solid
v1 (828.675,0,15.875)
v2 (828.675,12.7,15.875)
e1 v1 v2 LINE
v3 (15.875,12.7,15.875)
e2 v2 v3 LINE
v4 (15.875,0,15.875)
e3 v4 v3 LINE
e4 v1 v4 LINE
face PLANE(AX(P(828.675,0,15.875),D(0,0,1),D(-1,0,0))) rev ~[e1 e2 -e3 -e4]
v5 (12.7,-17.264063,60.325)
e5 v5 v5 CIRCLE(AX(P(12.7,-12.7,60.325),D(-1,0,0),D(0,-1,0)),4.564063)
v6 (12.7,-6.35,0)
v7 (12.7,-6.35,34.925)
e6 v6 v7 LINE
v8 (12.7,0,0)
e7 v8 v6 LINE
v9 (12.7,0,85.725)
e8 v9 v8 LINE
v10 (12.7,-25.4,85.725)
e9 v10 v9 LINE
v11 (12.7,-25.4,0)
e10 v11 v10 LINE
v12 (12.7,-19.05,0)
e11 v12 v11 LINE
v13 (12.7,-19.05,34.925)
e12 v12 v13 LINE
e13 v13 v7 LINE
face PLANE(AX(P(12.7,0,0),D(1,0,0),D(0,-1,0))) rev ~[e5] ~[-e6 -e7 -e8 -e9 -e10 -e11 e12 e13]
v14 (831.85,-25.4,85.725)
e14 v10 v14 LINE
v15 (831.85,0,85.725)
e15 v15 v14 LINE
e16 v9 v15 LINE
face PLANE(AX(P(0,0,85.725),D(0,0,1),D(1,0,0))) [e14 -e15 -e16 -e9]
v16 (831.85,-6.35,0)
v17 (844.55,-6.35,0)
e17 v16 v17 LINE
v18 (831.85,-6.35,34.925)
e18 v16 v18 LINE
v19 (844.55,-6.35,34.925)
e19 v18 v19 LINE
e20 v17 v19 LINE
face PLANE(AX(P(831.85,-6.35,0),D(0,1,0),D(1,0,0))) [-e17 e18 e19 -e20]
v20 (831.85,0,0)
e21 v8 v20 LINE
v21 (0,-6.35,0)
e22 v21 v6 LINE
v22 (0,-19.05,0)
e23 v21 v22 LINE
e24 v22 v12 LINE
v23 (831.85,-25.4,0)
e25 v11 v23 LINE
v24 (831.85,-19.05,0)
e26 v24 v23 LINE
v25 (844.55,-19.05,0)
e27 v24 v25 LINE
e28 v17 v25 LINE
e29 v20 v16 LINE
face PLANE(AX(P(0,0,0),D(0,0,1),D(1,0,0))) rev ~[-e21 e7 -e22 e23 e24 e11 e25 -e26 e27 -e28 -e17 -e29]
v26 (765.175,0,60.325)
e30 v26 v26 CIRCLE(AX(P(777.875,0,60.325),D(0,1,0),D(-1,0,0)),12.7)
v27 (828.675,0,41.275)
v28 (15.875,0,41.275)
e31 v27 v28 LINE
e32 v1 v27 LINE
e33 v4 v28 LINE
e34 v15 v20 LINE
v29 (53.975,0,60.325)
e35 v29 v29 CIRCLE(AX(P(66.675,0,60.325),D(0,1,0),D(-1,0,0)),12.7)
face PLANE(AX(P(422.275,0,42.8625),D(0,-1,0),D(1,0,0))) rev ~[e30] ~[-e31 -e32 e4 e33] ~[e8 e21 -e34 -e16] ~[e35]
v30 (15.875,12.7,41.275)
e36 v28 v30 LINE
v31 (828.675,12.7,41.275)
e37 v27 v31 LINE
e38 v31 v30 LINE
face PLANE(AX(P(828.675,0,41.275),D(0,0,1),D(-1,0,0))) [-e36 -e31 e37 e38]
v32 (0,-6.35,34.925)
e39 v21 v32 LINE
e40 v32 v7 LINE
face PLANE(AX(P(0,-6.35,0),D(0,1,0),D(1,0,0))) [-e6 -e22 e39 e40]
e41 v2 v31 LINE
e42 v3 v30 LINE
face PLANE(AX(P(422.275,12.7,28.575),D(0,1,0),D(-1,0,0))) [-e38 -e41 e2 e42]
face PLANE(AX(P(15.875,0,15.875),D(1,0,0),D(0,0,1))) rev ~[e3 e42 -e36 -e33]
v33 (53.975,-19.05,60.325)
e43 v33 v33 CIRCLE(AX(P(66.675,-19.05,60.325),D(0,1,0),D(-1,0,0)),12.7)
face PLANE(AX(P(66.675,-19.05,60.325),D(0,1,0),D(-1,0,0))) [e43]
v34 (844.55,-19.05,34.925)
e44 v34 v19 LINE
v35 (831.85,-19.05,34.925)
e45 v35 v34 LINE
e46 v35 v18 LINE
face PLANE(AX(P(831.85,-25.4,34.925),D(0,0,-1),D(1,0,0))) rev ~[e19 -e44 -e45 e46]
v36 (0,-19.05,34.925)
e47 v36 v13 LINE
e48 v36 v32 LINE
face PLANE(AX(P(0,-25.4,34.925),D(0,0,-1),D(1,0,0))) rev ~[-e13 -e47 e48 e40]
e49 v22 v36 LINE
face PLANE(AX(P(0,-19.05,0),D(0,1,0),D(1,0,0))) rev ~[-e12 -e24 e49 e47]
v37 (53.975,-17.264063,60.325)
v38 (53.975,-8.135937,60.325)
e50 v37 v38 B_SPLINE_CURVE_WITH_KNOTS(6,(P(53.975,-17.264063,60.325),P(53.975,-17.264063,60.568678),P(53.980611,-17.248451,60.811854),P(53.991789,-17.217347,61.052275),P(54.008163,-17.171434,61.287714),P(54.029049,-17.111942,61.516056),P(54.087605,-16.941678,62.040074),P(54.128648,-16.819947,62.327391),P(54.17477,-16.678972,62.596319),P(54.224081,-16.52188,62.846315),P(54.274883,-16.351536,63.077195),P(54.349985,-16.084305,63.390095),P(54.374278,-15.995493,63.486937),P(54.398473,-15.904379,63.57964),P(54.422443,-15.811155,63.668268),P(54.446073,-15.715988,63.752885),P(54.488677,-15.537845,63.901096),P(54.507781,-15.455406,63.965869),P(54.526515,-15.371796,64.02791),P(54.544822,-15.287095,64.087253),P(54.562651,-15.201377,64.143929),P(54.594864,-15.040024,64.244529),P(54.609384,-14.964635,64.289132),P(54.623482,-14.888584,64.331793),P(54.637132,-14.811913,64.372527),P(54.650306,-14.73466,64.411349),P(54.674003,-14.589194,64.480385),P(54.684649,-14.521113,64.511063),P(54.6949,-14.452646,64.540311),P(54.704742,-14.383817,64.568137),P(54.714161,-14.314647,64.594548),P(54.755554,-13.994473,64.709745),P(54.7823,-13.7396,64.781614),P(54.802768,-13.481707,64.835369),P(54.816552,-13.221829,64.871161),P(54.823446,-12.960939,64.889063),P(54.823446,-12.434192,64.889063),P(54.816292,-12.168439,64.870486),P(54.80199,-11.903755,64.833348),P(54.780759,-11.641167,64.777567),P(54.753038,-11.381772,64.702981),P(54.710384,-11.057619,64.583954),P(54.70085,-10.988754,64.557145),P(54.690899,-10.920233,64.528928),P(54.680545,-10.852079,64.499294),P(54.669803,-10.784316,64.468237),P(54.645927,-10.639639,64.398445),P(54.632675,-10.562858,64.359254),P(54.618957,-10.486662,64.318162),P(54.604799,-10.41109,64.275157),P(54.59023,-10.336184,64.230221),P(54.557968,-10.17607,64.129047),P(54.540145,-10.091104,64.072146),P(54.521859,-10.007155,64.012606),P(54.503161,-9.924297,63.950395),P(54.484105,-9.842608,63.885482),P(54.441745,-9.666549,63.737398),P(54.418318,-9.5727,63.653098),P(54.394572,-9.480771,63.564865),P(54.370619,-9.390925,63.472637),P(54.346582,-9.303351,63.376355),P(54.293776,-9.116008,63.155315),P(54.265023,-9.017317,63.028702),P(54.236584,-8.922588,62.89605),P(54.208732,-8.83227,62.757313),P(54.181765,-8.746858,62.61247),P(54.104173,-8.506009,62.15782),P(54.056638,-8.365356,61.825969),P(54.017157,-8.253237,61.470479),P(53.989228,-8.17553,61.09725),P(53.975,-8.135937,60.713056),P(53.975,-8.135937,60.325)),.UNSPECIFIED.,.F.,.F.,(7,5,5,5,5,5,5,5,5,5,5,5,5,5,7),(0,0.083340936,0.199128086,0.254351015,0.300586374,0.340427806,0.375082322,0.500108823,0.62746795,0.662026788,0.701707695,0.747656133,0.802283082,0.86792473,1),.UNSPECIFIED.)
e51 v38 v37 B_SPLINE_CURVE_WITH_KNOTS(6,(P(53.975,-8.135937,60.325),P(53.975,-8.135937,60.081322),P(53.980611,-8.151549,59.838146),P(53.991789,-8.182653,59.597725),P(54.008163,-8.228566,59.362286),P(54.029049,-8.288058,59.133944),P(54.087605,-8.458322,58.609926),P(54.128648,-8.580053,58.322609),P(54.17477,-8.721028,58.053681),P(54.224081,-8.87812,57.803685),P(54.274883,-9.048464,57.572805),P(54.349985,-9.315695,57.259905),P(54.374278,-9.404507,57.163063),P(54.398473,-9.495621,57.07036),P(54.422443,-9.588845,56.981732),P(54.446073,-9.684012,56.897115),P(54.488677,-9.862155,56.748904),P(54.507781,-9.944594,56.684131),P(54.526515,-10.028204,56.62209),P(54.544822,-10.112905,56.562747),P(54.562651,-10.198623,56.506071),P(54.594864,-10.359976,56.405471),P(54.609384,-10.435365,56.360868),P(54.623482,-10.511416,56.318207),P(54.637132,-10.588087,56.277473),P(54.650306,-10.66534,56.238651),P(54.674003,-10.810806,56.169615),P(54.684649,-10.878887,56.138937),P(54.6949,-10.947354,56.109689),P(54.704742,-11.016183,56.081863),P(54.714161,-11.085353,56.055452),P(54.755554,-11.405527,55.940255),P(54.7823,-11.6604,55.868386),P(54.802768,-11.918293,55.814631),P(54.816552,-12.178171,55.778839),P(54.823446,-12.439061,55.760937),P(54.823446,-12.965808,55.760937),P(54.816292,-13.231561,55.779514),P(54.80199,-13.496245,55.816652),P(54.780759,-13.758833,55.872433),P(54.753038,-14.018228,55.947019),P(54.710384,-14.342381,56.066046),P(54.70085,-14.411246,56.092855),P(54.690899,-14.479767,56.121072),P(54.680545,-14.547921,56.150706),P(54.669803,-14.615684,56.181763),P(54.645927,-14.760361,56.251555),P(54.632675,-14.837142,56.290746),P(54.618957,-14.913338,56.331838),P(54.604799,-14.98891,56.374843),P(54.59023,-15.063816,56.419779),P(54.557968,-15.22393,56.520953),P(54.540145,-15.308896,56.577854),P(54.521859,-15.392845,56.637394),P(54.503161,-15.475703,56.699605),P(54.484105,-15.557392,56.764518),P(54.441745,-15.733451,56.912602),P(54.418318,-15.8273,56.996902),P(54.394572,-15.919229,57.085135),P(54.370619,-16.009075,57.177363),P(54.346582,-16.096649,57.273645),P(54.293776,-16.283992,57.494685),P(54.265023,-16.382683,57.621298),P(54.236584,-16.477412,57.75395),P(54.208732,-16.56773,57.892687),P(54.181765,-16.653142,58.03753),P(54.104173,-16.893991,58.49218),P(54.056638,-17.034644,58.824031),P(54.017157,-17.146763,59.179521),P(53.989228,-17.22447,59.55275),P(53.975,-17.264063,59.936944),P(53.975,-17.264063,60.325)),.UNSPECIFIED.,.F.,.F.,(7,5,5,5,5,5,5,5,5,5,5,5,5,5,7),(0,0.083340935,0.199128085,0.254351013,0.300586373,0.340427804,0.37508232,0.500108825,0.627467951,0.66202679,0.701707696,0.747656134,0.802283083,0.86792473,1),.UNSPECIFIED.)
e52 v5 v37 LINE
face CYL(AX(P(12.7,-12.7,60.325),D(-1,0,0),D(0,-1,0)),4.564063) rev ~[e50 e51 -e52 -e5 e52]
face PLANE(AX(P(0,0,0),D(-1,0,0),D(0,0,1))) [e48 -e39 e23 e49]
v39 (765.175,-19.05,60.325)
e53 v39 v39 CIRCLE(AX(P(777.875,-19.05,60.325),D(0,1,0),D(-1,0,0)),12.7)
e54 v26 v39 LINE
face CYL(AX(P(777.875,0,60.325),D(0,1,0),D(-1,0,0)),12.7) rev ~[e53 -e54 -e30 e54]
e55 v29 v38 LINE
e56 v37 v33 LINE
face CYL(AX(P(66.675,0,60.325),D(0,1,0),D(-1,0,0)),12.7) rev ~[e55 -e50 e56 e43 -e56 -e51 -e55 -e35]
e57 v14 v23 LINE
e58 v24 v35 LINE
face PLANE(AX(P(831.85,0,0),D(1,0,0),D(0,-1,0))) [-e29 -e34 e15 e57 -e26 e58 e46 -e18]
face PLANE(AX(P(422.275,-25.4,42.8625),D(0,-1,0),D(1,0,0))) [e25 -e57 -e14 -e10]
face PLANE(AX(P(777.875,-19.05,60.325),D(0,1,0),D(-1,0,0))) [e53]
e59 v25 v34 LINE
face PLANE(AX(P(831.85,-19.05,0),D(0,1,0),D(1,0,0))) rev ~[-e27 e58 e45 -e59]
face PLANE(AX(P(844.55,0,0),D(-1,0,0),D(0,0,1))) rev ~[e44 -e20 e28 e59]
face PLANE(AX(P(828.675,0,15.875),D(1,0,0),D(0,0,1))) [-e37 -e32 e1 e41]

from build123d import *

# Parameters (mm, degrees)
F0_W      = 844.55
F0_H      = 85.725
F1_DEPTH  = 25.4
F2_W      = 12.7
F2_H      = 50.8
F3_DEPTH  = 25.401
F4_W      = 12.7
F4_H      = 6.35
F5_DEPTH  = 85.726
F6_R      = 4.564063
F7_DEPTH  = 50.8
F8_R      = 12.7
F9_DEPTH  = 19.05
F10_W     = 812.8
F10_H     = 25.4
F11_DEPTH = 12.7


with BuildPart() as f1:
    # F0 (on Front) → F1 (new body)
    with BuildSketch(Plane.XZ):
        with Locations((422.275, 42.8625)):
            Rectangle(F0_W, F0_H)
    extrude(amount=F1_DEPTH)

    # F2 (on face) → F3 (cut, through all)
    with BuildSketch(Plane.XZ.offset(25.4)):
        with Locations((6.35, 60.325)):
            Rectangle(F2_W, F2_H)
        with Locations((838.2, 60.325)):
            Rectangle(F2_W, F2_H)
    extrude(amount=-F3_DEPTH, mode=Mode.SUBTRACT)

    # F4 (on face) → F5 (cut, through all)
    with BuildSketch(Plane(origin=(0, 0, 0), x_dir=(1, 0, 0), z_dir=(0, 0, -1))):
        with Locations((838.2, 22.225)):
            Rectangle(F4_W, F4_H)
        with Locations((838.2, 3.175)):
            Rectangle(F4_W, F4_H)
        with Locations((6.35, 22.225)):
            Rectangle(F4_W, F4_H)
        with Locations((6.35, 3.175)):
            Rectangle(F4_W, F4_H)
    extrude(amount=-F5_DEPTH, mode=Mode.SUBTRACT)

    # F6 (on face) → F7 (cut)
    with BuildSketch(Plane(origin=(12.7, 0, 0), x_dir=(0, -1, 0), z_dir=(-1, 0, 0))):
        with Locations((12.7, 60.325)):
            Circle(F6_R)
    extrude(amount=-F7_DEPTH, mode=Mode.SUBTRACT)

    # F8 (on face) → F9 (cut)
    with BuildSketch(Plane(origin=(0, 0, 0), x_dir=(-1, 0, 0), z_dir=(0, 1, 0))):
        with Locations((-66.675, 60.325)):
            Circle(F8_R)
        with Locations((-777.875, 60.325)):
            Circle(F8_R)
    extrude(amount=-F9_DEPTH, mode=Mode.SUBTRACT)

    # F10 (on face) → F11 (join)
    with BuildSketch(Plane(origin=(0, 0, 0), x_dir=(-1, 0, 0), z_dir=(0, 1, 0))):
        with Locations((-422.275, 28.575)):
            Rectangle(F10_W, F10_H)
    extrude(amount=F11_DEPTH)


solid = f1.part
